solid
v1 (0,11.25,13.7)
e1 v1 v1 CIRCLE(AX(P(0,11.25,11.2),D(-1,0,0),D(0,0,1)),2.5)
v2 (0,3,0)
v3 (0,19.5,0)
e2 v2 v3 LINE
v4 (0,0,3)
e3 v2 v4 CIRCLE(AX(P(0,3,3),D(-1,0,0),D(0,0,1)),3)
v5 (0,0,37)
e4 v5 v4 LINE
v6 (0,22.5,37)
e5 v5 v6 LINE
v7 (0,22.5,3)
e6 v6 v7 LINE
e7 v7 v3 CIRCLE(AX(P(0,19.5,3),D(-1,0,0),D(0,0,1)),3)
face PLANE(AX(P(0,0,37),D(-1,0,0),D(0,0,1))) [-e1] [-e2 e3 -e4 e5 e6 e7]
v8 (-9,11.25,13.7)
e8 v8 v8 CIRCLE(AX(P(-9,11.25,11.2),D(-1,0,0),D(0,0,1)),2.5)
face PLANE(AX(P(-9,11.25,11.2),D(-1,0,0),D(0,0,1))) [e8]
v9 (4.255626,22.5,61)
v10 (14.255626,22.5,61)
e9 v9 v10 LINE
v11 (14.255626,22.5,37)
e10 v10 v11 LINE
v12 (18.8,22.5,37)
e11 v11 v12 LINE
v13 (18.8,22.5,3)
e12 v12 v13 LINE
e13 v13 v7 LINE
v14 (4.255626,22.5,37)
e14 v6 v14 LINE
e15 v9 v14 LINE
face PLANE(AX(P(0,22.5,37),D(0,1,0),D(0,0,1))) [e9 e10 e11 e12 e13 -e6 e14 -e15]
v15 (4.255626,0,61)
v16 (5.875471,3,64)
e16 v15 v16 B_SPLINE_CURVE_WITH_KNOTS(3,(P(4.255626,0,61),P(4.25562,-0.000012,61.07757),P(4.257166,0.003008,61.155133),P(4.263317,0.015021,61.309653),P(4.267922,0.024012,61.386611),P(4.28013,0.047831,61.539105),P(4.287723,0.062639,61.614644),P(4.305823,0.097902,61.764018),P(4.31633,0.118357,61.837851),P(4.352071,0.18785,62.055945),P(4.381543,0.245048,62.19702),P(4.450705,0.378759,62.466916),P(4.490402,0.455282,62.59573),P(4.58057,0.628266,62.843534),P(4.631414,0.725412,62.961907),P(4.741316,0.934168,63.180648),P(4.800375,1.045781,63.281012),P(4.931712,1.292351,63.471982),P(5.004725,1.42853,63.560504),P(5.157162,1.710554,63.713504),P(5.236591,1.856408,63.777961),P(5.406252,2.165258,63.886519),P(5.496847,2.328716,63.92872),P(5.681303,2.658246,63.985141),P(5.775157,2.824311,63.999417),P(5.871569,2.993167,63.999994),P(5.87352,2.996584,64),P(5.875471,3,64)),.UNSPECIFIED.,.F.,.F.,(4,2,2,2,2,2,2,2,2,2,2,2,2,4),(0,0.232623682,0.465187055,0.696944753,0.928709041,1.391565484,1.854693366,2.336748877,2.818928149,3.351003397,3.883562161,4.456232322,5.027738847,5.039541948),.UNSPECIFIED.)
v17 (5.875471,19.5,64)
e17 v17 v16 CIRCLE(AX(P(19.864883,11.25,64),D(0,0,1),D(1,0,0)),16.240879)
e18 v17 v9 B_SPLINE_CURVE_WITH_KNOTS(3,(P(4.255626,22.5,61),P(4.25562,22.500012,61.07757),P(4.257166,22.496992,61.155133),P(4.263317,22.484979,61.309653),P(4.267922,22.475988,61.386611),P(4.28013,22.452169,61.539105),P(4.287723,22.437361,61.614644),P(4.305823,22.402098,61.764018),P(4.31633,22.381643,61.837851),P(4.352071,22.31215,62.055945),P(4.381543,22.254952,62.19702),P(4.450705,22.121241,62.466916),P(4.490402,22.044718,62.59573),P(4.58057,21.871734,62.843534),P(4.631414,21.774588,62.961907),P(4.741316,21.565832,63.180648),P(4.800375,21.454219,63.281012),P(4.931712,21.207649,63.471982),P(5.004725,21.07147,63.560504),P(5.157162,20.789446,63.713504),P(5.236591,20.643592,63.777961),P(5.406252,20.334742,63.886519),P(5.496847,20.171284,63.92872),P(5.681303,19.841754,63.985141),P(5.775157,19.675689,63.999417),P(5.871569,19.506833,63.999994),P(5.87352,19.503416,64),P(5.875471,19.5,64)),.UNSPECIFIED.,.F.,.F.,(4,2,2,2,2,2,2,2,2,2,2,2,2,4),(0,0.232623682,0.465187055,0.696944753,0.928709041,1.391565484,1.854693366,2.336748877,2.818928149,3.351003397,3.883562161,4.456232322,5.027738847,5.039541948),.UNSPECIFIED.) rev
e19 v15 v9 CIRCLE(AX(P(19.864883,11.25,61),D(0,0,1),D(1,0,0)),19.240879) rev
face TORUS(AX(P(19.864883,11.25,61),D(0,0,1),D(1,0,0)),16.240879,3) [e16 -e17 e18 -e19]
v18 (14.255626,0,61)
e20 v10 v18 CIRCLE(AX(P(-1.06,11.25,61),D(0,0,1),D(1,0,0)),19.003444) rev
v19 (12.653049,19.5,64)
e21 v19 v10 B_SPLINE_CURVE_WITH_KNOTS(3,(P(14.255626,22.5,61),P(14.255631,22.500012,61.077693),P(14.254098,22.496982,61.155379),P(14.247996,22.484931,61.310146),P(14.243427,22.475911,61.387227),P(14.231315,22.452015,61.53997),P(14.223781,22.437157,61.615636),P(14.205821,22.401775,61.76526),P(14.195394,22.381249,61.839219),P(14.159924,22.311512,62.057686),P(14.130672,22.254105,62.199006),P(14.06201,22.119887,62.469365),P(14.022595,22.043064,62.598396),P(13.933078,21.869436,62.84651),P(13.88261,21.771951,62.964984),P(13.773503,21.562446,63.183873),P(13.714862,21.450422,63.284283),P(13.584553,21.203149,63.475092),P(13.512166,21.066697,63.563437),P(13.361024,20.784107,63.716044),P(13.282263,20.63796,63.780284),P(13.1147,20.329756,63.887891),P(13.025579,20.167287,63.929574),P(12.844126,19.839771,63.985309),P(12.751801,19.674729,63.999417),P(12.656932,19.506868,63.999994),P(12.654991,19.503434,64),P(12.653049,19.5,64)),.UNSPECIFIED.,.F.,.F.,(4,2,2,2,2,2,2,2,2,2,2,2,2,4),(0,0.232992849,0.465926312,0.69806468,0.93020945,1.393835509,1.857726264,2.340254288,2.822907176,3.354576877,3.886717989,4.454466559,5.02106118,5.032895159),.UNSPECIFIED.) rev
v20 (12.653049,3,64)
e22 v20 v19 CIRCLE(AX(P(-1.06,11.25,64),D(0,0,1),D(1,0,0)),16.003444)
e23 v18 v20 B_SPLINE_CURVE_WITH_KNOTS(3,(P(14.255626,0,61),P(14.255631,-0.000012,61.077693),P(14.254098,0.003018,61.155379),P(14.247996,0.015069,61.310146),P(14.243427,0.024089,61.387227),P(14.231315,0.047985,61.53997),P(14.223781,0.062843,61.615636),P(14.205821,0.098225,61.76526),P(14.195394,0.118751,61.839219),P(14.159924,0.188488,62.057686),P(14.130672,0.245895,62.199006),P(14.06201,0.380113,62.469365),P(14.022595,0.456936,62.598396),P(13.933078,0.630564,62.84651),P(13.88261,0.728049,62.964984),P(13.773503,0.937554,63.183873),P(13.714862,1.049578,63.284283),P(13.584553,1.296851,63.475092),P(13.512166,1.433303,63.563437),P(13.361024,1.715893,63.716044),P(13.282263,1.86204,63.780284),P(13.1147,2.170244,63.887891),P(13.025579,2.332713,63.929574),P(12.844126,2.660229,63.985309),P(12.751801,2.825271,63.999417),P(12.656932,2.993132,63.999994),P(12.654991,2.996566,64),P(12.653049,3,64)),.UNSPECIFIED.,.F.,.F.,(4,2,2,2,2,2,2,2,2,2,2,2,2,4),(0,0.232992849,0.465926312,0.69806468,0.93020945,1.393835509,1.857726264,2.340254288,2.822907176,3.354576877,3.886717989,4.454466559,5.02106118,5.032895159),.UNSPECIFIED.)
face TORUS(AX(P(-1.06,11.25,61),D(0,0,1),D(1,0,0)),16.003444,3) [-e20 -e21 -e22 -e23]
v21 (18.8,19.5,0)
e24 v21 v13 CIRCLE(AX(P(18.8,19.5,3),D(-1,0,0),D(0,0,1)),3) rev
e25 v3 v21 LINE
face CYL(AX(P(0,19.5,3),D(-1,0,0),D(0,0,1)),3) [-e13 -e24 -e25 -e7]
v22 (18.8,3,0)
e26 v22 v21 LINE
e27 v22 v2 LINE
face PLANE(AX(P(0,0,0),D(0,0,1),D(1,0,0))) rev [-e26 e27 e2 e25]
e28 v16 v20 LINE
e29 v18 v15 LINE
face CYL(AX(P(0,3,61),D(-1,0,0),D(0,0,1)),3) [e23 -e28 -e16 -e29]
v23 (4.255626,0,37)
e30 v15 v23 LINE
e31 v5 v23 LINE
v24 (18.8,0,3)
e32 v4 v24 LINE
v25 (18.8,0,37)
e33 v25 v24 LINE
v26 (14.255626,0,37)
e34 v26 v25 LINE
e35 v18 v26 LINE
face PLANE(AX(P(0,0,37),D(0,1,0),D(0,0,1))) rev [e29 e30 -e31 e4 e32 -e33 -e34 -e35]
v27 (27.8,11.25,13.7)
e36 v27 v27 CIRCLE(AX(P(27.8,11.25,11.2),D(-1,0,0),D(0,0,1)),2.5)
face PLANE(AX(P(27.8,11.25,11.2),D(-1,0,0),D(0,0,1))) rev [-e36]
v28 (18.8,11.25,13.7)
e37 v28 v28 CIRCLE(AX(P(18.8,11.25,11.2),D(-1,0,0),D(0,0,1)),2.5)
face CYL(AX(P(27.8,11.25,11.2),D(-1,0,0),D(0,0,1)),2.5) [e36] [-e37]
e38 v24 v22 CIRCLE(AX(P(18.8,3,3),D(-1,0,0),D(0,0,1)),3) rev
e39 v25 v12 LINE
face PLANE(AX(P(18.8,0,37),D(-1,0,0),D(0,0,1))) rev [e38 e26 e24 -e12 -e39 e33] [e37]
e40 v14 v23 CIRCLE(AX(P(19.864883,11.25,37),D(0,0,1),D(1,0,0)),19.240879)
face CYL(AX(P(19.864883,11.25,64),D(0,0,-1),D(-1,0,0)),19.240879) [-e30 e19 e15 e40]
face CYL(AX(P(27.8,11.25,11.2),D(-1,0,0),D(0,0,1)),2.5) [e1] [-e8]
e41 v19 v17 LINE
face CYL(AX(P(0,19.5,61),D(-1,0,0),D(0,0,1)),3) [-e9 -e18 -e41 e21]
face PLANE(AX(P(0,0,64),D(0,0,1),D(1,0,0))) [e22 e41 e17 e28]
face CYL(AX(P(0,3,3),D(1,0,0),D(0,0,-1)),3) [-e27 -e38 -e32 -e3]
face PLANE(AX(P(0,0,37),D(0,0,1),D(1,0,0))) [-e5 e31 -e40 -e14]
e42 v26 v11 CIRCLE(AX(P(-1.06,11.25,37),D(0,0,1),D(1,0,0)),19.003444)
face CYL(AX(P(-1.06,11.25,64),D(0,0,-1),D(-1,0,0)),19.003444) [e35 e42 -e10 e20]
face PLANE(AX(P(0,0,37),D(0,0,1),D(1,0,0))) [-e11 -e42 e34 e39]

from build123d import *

# Parameters (mm, degrees)
SKETCH_1_W           = 18.8
SKETCH_1_H           = 22.5
EXTRUDE_1_DEPTH      = 37
FILLET_1_R           = 3
SKETCH_2_W           = 5
SKETCH_2_H           = 22.5
EXTRUDE_2_DEPTH      = 27
FILLET_2_R           = 3
EXTRUDE_3_DEPTH      = 9
EXTRUDE_3_DEPTH_BACK = 27.8
SKETCH_3_R           = 2.5


with BuildPart() as part:
    # 草图1 → 凸台-拉伸1 (new body)
    with BuildSketch(Plane.XY):
        with Locations((9.4, 11.25)):
            Rectangle(SKETCH_1_W, SKETCH_1_H)
    extrude(amount=EXTRUDE_1_DEPTH)

    # 圆角1
    fillet_1_edges = [part.edges().sort_by_distance(p)[0] for p in [
        (9.4, 0, 0),
        (9.4, 22.5, 0),
    ]]
    fillet(fillet_1_edges, radius=FILLET_1_R)

    # 草图2 → 凸台-拉伸2 (add)
    with BuildSketch(Plane.XY.offset(37)):
        with Locations((6.75562561, 11.25)):
            Rectangle(SKETCH_2_W, SKETCH_2_H)
        with Locations((11.75562561, 11.25)):
            Rectangle(SKETCH_2_W, SKETCH_2_H)
        with BuildLine():
            Line((14.25562561, 22.5), (14.25562561, 0))
            ThreePointArc((14.25562561, 0), (17.943444104, 11.25), (14.25562561, 22.5))
        make_face()
        with BuildLine():
            Line((4.25562561, 22.5), (4.25562561, 0))
            ThreePointArc((4.25562561, 0), (0.624004306, 11.25), (4.25562561, 22.5))
        make_face()
    extrude(amount=EXTRUDE_2_DEPTH)

    # 圆角2
    fillet_2_edges = [part.edges().sort_by_distance(p)[0] for p in [
        (9.25562561, 0, 64),
        (17.943444104, 11.25, 64),
        (9.25562561, 22.5, 64),
        (0.624004306, 11.25, 64),
    ]]
    fillet(fillet_2_edges, radius=FILLET_2_R)

    # 草图3 → 凸台-拉伸3 (add, two sides: drawn at the far end of the back side and taken through both)
    with BuildSketch(Plane.ZY.offset(-EXTRUDE_3_DEPTH_BACK)):
        with Locations((11.2, 11.25)):
            Circle(SKETCH_3_R)
    extrude(amount=EXTRUDE_3_DEPTH + EXTRUDE_3_DEPTH_BACK)


solid = part.part
